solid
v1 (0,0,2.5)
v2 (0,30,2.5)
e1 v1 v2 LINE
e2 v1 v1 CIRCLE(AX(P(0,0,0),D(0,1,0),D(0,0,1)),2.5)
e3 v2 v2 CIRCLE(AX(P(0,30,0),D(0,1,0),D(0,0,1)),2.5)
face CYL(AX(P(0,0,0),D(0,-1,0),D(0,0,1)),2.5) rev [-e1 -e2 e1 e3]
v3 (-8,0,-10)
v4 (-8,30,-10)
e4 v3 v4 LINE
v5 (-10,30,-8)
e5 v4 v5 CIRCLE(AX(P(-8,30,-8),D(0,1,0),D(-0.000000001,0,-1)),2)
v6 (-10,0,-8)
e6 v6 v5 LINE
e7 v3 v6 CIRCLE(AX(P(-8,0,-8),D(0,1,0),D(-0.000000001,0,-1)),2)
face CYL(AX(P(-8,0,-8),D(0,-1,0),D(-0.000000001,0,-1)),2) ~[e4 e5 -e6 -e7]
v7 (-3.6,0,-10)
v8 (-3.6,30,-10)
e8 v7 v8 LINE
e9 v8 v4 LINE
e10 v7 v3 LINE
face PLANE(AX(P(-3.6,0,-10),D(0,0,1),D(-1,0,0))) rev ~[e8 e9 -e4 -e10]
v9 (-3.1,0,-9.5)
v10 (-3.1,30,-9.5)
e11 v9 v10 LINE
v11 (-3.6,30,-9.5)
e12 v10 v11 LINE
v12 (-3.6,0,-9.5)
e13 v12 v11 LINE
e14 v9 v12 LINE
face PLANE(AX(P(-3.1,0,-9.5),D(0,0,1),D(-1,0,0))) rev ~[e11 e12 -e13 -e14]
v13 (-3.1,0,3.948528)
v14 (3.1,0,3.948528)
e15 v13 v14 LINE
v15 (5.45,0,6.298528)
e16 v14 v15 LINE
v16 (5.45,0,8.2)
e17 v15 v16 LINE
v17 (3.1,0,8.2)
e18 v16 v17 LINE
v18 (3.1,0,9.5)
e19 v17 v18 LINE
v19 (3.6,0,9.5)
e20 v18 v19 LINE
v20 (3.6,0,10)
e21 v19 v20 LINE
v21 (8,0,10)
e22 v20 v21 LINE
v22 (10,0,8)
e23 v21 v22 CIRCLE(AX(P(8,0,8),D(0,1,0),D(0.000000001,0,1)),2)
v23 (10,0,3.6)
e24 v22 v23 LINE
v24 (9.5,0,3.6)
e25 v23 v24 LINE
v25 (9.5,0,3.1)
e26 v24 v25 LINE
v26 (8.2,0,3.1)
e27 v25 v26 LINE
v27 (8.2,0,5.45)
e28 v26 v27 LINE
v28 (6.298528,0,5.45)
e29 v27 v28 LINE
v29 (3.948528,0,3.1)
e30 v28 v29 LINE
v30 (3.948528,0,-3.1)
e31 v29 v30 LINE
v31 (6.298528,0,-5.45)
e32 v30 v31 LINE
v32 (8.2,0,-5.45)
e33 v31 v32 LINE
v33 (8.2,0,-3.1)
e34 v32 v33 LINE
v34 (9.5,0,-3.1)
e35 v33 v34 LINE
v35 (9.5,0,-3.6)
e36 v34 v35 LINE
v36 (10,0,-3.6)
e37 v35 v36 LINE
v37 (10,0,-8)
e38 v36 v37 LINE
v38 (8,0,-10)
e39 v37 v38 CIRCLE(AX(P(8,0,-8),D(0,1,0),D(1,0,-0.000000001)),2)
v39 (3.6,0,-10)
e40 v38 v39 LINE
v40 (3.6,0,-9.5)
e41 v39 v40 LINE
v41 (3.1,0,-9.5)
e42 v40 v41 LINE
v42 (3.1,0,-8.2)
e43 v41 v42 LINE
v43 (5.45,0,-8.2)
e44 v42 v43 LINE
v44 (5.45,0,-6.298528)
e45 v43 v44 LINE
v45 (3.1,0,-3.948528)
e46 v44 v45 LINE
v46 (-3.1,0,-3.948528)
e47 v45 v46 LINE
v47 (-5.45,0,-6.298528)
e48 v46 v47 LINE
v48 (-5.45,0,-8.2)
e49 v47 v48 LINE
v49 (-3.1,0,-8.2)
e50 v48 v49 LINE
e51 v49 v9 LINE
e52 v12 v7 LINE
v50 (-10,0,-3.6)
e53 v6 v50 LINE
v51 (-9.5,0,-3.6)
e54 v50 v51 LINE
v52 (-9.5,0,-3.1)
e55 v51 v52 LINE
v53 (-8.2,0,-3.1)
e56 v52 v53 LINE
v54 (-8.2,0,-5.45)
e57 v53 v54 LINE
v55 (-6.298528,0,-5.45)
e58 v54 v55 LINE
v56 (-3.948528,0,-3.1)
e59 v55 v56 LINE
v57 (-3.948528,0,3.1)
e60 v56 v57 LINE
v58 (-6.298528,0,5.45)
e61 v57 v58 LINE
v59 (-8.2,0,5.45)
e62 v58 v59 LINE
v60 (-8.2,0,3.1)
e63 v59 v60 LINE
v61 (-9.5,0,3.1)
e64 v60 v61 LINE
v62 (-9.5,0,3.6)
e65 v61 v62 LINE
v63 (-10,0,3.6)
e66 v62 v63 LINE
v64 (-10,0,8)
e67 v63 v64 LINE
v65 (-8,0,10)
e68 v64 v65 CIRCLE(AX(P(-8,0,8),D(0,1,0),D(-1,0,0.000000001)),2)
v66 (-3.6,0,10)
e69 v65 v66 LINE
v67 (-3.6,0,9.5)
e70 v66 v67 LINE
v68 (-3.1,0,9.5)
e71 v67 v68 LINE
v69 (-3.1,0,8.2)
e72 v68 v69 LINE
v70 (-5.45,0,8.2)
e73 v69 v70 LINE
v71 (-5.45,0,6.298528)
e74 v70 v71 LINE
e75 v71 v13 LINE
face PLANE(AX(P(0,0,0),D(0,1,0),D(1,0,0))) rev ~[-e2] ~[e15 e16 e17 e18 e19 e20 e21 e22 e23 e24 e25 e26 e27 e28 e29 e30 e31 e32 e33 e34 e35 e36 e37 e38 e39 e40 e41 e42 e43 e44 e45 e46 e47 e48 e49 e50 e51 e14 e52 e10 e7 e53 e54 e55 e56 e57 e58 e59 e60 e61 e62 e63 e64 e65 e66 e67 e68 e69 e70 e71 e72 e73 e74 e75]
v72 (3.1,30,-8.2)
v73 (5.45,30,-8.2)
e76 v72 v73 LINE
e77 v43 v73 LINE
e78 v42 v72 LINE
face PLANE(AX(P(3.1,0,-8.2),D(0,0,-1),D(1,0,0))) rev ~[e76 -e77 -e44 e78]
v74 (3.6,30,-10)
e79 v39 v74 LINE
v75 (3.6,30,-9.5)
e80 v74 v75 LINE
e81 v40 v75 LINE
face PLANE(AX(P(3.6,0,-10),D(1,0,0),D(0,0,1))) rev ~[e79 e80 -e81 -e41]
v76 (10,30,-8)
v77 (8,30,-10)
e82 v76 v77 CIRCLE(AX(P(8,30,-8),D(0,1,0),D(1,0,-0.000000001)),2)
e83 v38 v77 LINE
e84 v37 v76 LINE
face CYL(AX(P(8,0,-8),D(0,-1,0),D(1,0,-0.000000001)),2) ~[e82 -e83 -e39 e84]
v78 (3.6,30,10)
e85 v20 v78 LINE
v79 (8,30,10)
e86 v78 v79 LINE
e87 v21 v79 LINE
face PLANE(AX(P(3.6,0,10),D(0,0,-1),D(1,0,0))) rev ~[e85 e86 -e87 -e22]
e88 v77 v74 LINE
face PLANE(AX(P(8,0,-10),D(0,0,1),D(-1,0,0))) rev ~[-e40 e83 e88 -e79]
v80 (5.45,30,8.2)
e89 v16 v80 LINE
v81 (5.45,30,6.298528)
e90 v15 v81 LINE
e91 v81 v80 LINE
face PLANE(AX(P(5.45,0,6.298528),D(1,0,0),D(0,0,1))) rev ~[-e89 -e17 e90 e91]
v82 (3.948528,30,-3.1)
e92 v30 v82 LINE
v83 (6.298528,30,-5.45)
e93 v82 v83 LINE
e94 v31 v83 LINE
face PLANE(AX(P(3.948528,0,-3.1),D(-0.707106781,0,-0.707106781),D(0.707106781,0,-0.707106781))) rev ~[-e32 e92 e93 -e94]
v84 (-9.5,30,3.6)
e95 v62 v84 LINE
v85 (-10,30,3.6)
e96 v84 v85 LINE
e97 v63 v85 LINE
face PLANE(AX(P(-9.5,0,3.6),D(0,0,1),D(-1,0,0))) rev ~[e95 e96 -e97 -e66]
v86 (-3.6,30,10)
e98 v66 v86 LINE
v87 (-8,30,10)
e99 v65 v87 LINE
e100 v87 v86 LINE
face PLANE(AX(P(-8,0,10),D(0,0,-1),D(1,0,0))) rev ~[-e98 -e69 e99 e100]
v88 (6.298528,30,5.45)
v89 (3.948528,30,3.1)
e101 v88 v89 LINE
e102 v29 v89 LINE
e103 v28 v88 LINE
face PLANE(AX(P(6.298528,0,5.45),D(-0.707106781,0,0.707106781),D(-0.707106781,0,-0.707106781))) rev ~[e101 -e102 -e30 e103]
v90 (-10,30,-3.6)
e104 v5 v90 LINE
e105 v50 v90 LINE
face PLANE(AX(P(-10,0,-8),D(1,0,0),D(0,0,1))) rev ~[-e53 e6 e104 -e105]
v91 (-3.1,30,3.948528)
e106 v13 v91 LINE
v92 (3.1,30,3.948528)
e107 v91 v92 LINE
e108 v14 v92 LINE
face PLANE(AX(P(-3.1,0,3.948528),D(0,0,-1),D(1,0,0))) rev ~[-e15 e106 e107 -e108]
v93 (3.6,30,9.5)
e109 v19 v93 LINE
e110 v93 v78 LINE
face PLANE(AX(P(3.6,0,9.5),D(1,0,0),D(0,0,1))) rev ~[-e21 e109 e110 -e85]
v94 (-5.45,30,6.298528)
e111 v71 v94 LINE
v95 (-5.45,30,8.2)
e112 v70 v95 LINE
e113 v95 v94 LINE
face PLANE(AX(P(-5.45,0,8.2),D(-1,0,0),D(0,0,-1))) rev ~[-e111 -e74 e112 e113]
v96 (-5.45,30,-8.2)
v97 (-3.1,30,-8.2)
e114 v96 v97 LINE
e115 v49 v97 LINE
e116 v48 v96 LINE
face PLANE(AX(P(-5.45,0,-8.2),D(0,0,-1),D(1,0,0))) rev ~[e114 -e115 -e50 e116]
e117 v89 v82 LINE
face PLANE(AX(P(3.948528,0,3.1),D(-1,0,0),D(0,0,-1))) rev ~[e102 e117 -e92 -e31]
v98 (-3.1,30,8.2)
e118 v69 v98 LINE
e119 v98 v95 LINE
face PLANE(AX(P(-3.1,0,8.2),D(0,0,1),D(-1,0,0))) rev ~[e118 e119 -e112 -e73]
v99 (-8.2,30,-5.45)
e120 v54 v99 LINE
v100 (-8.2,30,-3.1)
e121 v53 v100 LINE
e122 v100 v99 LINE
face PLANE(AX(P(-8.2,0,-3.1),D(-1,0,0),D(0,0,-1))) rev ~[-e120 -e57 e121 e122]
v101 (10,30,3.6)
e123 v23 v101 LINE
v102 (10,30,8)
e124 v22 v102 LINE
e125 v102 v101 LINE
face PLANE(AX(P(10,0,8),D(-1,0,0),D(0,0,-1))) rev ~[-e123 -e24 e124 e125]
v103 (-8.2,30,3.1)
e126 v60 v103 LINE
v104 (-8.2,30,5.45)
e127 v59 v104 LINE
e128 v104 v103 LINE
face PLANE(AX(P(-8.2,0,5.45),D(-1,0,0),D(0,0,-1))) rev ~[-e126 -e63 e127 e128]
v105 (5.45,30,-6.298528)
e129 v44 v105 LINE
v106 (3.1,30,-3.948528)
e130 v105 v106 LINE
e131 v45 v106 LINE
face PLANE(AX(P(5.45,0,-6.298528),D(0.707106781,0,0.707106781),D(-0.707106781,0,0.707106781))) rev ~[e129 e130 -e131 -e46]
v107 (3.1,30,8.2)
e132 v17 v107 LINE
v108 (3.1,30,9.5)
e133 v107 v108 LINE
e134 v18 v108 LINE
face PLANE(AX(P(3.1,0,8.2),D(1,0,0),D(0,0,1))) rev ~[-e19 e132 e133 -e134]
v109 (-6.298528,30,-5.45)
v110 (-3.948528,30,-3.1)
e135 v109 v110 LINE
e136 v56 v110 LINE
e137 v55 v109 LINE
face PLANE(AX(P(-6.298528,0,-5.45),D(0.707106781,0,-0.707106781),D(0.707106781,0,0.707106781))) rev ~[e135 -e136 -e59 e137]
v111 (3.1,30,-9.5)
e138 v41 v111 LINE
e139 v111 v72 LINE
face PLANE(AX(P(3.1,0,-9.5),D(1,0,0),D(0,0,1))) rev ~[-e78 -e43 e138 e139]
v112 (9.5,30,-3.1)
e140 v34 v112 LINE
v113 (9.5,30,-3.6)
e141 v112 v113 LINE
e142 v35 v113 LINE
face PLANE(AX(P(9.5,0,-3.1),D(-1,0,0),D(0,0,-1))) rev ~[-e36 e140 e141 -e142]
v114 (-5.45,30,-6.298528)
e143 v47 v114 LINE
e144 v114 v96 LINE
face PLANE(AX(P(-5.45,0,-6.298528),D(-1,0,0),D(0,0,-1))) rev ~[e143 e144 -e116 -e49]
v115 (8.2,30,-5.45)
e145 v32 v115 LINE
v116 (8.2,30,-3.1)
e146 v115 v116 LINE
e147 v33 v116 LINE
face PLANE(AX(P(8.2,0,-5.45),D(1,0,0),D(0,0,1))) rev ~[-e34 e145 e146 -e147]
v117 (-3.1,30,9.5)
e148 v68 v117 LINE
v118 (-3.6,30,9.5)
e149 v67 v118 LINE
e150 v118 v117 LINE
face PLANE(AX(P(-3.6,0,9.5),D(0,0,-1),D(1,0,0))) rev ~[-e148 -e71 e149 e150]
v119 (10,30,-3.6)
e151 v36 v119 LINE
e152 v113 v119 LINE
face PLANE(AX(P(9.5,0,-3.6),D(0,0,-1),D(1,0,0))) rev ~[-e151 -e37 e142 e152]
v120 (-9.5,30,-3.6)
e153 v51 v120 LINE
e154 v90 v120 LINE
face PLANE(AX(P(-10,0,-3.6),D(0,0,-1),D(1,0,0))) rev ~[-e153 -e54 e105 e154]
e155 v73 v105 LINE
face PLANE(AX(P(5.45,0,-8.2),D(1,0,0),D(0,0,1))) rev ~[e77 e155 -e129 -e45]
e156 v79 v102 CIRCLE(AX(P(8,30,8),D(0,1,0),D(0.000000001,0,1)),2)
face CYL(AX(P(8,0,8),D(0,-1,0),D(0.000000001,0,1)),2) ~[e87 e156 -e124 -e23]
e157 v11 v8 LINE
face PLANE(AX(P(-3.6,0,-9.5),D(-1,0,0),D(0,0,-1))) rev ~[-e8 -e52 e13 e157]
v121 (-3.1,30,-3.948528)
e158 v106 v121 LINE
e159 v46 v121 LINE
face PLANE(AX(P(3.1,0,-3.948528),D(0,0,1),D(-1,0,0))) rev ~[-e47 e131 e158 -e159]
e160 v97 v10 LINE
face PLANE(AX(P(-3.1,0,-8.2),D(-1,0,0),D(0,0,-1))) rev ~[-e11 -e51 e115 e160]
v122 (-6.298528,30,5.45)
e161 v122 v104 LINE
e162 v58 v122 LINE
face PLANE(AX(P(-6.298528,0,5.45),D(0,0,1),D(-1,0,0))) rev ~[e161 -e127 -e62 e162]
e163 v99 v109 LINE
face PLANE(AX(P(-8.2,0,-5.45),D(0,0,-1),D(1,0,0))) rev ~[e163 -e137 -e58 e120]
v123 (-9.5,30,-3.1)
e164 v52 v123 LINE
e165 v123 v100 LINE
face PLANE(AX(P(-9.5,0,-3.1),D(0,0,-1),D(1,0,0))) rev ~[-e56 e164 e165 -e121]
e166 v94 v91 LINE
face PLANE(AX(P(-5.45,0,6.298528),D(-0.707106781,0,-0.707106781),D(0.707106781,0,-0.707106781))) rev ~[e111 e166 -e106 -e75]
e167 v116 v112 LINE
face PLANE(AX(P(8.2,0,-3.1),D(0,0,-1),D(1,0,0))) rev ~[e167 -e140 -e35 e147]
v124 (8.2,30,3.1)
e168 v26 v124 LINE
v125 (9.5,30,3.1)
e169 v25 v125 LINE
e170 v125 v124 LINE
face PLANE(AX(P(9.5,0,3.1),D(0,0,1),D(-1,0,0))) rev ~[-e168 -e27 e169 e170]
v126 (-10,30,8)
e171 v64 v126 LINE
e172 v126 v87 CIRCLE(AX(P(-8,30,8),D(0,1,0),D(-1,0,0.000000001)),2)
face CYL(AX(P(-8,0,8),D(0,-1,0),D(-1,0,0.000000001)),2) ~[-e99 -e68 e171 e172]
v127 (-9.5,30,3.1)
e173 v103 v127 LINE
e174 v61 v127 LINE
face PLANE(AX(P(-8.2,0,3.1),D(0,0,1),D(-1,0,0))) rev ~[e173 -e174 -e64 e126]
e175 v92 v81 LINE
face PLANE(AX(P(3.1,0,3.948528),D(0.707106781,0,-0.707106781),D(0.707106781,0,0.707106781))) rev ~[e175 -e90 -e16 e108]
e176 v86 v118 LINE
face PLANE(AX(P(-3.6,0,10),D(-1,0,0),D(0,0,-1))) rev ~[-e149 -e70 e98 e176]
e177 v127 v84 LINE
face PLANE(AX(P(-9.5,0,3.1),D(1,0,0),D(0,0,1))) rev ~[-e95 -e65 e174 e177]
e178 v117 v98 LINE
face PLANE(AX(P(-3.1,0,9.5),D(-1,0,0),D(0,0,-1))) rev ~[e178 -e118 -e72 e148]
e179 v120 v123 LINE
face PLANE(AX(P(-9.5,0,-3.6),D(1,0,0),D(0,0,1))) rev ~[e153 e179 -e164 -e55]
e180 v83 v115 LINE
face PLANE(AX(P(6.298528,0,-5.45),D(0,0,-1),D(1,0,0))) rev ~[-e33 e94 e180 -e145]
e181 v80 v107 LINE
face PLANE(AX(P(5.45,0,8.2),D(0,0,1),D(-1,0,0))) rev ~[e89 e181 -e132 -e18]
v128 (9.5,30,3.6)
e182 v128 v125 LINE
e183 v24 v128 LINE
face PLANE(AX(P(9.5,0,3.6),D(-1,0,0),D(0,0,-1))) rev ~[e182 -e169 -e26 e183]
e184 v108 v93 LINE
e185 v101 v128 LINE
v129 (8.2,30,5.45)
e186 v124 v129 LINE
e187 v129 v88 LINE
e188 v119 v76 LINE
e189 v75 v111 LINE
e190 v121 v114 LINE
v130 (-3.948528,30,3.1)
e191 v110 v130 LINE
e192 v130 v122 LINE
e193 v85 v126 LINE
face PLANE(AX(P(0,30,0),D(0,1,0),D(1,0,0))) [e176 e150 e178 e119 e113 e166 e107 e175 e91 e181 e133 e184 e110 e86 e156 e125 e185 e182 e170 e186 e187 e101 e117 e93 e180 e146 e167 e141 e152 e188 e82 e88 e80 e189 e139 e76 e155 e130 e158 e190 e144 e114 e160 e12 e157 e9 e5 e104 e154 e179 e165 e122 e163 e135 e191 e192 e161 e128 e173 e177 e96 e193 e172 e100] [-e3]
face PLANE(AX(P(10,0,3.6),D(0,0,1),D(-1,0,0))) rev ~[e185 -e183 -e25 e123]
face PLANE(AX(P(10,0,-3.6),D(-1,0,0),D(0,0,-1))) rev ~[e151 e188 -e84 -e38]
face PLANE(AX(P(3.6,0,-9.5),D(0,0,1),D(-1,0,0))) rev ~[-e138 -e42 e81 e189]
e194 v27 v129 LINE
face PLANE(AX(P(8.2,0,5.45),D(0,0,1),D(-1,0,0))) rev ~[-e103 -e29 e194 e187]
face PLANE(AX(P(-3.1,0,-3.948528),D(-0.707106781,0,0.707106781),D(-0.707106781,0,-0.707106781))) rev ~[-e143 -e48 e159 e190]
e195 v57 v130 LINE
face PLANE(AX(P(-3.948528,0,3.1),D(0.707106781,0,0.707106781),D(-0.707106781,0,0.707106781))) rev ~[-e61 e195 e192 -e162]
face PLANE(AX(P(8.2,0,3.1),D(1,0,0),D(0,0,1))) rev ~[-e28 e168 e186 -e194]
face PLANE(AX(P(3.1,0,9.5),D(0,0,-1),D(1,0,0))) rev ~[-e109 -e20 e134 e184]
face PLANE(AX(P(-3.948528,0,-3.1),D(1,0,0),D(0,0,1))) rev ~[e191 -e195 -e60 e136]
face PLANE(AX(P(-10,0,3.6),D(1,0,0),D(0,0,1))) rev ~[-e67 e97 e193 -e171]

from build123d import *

# Parameters (mm, degrees)
SKETCH_1_R      = 2.5
EXTRUDE_1_DEPTH = 30


with BuildPart() as part:
    # 草图1 → 凸台-拉伸1 (new body)
    with BuildSketch(Plane(origin=(0, 0, 0), x_dir=(1, 0, 0), z_dir=(0, 1, 0))):
        with BuildLine():
            Line((-3.948528137, -3.1), (-6.298528137, -5.45))
            Line((-6.298528137, -5.45), (-8.2, -5.45))
            Line((-8.2, -5.45), (-8.2, -3.1))
            Line((-8.2, -3.1), (-9.5, -3.1))
            Line((-9.5, -3.1), (-9.5, -3.6))
            Line((-9.5, -3.6), (-10, -3.6))
            Line((-10, -3.6), (-10, -8))
            ThreePointArc((-10, -8), (-9.414213562, -9.414213562), (-8, -10))
            Line((-8, -10), (-3.6, -10))
            Line((-3.6, -10), (-3.6, -9.5))
            Line((-3.6, -9.5), (-3.1, -9.5))
            Line((-3.1, -9.5), (-3.1, -8.2))
            Line((-3.1, -8.2), (-5.45, -8.2))
            Line((-5.45, -8.2), (-5.45, -6.298528137))
            Line((-5.45, -6.298528137), (-3.1, -3.948528137))
            Line((-3.1, -3.948528137), (0, -3.948528137))
            Line((0, -3.948528137), (3.1, -3.948528137))
            Line((3.1, -3.948528137), (5.45, -6.298528137))
            Line((5.45, -6.298528137), (5.45, -8.2))
            Line((5.45, -8.2), (3.1, -8.2))
            Line((3.1, -8.2), (3.1, -9.5))
            Line((3.1, -9.5), (3.6, -9.5))
            Line((3.6, -9.5), (3.6, -10))
            Line((3.6, -10), (8, -10))
            ThreePointArc((8, -10), (9.414213562, -9.414213562), (10, -8))
            Line((10, -8), (10, -3.6))
            Line((10, -3.6), (9.5, -3.6))
            Line((9.5, -3.6), (9.5, -3.1))
            Line((9.5, -3.1), (8.2, -3.1))
            Line((8.2, -3.1), (8.2, -5.45))
            Line((8.2, -5.45), (6.298528137, -5.45))
            Line((6.298528137, -5.45), (3.948528137, -3.1))
            Line((3.948528137, -3.1), (3.948528137, 0))
            Line((3.948528137, 0), (3.948528137, 3.1))
            Line((3.948528137, 3.1), (6.298528137, 5.45))
            Line((6.298528137, 5.45), (8.2, 5.45))
            Line((8.2, 5.45), (8.2, 3.1))
            Line((8.2, 3.1), (9.5, 3.1))
            Line((9.5, 3.1), (9.5, 3.6))
            Line((9.5, 3.6), (10, 3.6))
            Line((10, 3.6), (10, 8))
            ThreePointArc((10, 8), (9.414213562, 9.414213562), (8, 10))
            Line((8, 10), (3.6, 10))
            Line((3.6, 10), (3.6, 9.5))
            Line((3.6, 9.5), (3.1, 9.5))
            Line((3.1, 9.5), (3.1, 8.2))
            Line((3.1, 8.2), (5.45, 8.2))
            Line((5.45, 8.2), (5.45, 6.298528137))
            Line((5.45, 6.298528137), (3.1, 3.948528137))
            Line((3.1, 3.948528137), (0, 3.948528137))
            Line((0, 3.948528137), (-3.1, 3.948528137))
            Line((-3.1, 3.948528137), (-5.45, 6.298528137))
            Line((-5.45, 6.298528137), (-5.45, 8.2))
            Line((-5.45, 8.2), (-3.1, 8.2))
            Line((-3.1, 8.2), (-3.1, 9.5))
            Line((-3.1, 9.5), (-3.6, 9.5))
            Line((-3.6, 9.5), (-3.6, 10))
            Line((-3.6, 10), (-8, 10))
            ThreePointArc((-8, 10), (-9.414213562, 9.414213562), (-10, 8))
            Line((-10, 8), (-10, 3.6))
            Line((-10, 3.6), (-9.5, 3.6))
            Line((-9.5, 3.6), (-9.5, 3.1))
            Line((-9.5, 3.1), (-8.2, 3.1))
            Line((-8.2, 3.1), (-8.2, 5.45))
            Line((-8.2, 5.45), (-6.298528137, 5.45))
            Line((-6.298528137, 5.45), (-3.948528137, 3.1))
            Line((-3.948528137, 3.1), (-3.948528137, 0))
            Line((-3.948528137, 0), (-3.948528137, -3.1))
        make_face()
        with Locations(Location((0, 0, 0), (0, 0, 270))):
            Circle(SKETCH_1_R, mode=Mode.SUBTRACT)
    extrude(amount=EXTRUDE_1_DEPTH)


solid = part.part
